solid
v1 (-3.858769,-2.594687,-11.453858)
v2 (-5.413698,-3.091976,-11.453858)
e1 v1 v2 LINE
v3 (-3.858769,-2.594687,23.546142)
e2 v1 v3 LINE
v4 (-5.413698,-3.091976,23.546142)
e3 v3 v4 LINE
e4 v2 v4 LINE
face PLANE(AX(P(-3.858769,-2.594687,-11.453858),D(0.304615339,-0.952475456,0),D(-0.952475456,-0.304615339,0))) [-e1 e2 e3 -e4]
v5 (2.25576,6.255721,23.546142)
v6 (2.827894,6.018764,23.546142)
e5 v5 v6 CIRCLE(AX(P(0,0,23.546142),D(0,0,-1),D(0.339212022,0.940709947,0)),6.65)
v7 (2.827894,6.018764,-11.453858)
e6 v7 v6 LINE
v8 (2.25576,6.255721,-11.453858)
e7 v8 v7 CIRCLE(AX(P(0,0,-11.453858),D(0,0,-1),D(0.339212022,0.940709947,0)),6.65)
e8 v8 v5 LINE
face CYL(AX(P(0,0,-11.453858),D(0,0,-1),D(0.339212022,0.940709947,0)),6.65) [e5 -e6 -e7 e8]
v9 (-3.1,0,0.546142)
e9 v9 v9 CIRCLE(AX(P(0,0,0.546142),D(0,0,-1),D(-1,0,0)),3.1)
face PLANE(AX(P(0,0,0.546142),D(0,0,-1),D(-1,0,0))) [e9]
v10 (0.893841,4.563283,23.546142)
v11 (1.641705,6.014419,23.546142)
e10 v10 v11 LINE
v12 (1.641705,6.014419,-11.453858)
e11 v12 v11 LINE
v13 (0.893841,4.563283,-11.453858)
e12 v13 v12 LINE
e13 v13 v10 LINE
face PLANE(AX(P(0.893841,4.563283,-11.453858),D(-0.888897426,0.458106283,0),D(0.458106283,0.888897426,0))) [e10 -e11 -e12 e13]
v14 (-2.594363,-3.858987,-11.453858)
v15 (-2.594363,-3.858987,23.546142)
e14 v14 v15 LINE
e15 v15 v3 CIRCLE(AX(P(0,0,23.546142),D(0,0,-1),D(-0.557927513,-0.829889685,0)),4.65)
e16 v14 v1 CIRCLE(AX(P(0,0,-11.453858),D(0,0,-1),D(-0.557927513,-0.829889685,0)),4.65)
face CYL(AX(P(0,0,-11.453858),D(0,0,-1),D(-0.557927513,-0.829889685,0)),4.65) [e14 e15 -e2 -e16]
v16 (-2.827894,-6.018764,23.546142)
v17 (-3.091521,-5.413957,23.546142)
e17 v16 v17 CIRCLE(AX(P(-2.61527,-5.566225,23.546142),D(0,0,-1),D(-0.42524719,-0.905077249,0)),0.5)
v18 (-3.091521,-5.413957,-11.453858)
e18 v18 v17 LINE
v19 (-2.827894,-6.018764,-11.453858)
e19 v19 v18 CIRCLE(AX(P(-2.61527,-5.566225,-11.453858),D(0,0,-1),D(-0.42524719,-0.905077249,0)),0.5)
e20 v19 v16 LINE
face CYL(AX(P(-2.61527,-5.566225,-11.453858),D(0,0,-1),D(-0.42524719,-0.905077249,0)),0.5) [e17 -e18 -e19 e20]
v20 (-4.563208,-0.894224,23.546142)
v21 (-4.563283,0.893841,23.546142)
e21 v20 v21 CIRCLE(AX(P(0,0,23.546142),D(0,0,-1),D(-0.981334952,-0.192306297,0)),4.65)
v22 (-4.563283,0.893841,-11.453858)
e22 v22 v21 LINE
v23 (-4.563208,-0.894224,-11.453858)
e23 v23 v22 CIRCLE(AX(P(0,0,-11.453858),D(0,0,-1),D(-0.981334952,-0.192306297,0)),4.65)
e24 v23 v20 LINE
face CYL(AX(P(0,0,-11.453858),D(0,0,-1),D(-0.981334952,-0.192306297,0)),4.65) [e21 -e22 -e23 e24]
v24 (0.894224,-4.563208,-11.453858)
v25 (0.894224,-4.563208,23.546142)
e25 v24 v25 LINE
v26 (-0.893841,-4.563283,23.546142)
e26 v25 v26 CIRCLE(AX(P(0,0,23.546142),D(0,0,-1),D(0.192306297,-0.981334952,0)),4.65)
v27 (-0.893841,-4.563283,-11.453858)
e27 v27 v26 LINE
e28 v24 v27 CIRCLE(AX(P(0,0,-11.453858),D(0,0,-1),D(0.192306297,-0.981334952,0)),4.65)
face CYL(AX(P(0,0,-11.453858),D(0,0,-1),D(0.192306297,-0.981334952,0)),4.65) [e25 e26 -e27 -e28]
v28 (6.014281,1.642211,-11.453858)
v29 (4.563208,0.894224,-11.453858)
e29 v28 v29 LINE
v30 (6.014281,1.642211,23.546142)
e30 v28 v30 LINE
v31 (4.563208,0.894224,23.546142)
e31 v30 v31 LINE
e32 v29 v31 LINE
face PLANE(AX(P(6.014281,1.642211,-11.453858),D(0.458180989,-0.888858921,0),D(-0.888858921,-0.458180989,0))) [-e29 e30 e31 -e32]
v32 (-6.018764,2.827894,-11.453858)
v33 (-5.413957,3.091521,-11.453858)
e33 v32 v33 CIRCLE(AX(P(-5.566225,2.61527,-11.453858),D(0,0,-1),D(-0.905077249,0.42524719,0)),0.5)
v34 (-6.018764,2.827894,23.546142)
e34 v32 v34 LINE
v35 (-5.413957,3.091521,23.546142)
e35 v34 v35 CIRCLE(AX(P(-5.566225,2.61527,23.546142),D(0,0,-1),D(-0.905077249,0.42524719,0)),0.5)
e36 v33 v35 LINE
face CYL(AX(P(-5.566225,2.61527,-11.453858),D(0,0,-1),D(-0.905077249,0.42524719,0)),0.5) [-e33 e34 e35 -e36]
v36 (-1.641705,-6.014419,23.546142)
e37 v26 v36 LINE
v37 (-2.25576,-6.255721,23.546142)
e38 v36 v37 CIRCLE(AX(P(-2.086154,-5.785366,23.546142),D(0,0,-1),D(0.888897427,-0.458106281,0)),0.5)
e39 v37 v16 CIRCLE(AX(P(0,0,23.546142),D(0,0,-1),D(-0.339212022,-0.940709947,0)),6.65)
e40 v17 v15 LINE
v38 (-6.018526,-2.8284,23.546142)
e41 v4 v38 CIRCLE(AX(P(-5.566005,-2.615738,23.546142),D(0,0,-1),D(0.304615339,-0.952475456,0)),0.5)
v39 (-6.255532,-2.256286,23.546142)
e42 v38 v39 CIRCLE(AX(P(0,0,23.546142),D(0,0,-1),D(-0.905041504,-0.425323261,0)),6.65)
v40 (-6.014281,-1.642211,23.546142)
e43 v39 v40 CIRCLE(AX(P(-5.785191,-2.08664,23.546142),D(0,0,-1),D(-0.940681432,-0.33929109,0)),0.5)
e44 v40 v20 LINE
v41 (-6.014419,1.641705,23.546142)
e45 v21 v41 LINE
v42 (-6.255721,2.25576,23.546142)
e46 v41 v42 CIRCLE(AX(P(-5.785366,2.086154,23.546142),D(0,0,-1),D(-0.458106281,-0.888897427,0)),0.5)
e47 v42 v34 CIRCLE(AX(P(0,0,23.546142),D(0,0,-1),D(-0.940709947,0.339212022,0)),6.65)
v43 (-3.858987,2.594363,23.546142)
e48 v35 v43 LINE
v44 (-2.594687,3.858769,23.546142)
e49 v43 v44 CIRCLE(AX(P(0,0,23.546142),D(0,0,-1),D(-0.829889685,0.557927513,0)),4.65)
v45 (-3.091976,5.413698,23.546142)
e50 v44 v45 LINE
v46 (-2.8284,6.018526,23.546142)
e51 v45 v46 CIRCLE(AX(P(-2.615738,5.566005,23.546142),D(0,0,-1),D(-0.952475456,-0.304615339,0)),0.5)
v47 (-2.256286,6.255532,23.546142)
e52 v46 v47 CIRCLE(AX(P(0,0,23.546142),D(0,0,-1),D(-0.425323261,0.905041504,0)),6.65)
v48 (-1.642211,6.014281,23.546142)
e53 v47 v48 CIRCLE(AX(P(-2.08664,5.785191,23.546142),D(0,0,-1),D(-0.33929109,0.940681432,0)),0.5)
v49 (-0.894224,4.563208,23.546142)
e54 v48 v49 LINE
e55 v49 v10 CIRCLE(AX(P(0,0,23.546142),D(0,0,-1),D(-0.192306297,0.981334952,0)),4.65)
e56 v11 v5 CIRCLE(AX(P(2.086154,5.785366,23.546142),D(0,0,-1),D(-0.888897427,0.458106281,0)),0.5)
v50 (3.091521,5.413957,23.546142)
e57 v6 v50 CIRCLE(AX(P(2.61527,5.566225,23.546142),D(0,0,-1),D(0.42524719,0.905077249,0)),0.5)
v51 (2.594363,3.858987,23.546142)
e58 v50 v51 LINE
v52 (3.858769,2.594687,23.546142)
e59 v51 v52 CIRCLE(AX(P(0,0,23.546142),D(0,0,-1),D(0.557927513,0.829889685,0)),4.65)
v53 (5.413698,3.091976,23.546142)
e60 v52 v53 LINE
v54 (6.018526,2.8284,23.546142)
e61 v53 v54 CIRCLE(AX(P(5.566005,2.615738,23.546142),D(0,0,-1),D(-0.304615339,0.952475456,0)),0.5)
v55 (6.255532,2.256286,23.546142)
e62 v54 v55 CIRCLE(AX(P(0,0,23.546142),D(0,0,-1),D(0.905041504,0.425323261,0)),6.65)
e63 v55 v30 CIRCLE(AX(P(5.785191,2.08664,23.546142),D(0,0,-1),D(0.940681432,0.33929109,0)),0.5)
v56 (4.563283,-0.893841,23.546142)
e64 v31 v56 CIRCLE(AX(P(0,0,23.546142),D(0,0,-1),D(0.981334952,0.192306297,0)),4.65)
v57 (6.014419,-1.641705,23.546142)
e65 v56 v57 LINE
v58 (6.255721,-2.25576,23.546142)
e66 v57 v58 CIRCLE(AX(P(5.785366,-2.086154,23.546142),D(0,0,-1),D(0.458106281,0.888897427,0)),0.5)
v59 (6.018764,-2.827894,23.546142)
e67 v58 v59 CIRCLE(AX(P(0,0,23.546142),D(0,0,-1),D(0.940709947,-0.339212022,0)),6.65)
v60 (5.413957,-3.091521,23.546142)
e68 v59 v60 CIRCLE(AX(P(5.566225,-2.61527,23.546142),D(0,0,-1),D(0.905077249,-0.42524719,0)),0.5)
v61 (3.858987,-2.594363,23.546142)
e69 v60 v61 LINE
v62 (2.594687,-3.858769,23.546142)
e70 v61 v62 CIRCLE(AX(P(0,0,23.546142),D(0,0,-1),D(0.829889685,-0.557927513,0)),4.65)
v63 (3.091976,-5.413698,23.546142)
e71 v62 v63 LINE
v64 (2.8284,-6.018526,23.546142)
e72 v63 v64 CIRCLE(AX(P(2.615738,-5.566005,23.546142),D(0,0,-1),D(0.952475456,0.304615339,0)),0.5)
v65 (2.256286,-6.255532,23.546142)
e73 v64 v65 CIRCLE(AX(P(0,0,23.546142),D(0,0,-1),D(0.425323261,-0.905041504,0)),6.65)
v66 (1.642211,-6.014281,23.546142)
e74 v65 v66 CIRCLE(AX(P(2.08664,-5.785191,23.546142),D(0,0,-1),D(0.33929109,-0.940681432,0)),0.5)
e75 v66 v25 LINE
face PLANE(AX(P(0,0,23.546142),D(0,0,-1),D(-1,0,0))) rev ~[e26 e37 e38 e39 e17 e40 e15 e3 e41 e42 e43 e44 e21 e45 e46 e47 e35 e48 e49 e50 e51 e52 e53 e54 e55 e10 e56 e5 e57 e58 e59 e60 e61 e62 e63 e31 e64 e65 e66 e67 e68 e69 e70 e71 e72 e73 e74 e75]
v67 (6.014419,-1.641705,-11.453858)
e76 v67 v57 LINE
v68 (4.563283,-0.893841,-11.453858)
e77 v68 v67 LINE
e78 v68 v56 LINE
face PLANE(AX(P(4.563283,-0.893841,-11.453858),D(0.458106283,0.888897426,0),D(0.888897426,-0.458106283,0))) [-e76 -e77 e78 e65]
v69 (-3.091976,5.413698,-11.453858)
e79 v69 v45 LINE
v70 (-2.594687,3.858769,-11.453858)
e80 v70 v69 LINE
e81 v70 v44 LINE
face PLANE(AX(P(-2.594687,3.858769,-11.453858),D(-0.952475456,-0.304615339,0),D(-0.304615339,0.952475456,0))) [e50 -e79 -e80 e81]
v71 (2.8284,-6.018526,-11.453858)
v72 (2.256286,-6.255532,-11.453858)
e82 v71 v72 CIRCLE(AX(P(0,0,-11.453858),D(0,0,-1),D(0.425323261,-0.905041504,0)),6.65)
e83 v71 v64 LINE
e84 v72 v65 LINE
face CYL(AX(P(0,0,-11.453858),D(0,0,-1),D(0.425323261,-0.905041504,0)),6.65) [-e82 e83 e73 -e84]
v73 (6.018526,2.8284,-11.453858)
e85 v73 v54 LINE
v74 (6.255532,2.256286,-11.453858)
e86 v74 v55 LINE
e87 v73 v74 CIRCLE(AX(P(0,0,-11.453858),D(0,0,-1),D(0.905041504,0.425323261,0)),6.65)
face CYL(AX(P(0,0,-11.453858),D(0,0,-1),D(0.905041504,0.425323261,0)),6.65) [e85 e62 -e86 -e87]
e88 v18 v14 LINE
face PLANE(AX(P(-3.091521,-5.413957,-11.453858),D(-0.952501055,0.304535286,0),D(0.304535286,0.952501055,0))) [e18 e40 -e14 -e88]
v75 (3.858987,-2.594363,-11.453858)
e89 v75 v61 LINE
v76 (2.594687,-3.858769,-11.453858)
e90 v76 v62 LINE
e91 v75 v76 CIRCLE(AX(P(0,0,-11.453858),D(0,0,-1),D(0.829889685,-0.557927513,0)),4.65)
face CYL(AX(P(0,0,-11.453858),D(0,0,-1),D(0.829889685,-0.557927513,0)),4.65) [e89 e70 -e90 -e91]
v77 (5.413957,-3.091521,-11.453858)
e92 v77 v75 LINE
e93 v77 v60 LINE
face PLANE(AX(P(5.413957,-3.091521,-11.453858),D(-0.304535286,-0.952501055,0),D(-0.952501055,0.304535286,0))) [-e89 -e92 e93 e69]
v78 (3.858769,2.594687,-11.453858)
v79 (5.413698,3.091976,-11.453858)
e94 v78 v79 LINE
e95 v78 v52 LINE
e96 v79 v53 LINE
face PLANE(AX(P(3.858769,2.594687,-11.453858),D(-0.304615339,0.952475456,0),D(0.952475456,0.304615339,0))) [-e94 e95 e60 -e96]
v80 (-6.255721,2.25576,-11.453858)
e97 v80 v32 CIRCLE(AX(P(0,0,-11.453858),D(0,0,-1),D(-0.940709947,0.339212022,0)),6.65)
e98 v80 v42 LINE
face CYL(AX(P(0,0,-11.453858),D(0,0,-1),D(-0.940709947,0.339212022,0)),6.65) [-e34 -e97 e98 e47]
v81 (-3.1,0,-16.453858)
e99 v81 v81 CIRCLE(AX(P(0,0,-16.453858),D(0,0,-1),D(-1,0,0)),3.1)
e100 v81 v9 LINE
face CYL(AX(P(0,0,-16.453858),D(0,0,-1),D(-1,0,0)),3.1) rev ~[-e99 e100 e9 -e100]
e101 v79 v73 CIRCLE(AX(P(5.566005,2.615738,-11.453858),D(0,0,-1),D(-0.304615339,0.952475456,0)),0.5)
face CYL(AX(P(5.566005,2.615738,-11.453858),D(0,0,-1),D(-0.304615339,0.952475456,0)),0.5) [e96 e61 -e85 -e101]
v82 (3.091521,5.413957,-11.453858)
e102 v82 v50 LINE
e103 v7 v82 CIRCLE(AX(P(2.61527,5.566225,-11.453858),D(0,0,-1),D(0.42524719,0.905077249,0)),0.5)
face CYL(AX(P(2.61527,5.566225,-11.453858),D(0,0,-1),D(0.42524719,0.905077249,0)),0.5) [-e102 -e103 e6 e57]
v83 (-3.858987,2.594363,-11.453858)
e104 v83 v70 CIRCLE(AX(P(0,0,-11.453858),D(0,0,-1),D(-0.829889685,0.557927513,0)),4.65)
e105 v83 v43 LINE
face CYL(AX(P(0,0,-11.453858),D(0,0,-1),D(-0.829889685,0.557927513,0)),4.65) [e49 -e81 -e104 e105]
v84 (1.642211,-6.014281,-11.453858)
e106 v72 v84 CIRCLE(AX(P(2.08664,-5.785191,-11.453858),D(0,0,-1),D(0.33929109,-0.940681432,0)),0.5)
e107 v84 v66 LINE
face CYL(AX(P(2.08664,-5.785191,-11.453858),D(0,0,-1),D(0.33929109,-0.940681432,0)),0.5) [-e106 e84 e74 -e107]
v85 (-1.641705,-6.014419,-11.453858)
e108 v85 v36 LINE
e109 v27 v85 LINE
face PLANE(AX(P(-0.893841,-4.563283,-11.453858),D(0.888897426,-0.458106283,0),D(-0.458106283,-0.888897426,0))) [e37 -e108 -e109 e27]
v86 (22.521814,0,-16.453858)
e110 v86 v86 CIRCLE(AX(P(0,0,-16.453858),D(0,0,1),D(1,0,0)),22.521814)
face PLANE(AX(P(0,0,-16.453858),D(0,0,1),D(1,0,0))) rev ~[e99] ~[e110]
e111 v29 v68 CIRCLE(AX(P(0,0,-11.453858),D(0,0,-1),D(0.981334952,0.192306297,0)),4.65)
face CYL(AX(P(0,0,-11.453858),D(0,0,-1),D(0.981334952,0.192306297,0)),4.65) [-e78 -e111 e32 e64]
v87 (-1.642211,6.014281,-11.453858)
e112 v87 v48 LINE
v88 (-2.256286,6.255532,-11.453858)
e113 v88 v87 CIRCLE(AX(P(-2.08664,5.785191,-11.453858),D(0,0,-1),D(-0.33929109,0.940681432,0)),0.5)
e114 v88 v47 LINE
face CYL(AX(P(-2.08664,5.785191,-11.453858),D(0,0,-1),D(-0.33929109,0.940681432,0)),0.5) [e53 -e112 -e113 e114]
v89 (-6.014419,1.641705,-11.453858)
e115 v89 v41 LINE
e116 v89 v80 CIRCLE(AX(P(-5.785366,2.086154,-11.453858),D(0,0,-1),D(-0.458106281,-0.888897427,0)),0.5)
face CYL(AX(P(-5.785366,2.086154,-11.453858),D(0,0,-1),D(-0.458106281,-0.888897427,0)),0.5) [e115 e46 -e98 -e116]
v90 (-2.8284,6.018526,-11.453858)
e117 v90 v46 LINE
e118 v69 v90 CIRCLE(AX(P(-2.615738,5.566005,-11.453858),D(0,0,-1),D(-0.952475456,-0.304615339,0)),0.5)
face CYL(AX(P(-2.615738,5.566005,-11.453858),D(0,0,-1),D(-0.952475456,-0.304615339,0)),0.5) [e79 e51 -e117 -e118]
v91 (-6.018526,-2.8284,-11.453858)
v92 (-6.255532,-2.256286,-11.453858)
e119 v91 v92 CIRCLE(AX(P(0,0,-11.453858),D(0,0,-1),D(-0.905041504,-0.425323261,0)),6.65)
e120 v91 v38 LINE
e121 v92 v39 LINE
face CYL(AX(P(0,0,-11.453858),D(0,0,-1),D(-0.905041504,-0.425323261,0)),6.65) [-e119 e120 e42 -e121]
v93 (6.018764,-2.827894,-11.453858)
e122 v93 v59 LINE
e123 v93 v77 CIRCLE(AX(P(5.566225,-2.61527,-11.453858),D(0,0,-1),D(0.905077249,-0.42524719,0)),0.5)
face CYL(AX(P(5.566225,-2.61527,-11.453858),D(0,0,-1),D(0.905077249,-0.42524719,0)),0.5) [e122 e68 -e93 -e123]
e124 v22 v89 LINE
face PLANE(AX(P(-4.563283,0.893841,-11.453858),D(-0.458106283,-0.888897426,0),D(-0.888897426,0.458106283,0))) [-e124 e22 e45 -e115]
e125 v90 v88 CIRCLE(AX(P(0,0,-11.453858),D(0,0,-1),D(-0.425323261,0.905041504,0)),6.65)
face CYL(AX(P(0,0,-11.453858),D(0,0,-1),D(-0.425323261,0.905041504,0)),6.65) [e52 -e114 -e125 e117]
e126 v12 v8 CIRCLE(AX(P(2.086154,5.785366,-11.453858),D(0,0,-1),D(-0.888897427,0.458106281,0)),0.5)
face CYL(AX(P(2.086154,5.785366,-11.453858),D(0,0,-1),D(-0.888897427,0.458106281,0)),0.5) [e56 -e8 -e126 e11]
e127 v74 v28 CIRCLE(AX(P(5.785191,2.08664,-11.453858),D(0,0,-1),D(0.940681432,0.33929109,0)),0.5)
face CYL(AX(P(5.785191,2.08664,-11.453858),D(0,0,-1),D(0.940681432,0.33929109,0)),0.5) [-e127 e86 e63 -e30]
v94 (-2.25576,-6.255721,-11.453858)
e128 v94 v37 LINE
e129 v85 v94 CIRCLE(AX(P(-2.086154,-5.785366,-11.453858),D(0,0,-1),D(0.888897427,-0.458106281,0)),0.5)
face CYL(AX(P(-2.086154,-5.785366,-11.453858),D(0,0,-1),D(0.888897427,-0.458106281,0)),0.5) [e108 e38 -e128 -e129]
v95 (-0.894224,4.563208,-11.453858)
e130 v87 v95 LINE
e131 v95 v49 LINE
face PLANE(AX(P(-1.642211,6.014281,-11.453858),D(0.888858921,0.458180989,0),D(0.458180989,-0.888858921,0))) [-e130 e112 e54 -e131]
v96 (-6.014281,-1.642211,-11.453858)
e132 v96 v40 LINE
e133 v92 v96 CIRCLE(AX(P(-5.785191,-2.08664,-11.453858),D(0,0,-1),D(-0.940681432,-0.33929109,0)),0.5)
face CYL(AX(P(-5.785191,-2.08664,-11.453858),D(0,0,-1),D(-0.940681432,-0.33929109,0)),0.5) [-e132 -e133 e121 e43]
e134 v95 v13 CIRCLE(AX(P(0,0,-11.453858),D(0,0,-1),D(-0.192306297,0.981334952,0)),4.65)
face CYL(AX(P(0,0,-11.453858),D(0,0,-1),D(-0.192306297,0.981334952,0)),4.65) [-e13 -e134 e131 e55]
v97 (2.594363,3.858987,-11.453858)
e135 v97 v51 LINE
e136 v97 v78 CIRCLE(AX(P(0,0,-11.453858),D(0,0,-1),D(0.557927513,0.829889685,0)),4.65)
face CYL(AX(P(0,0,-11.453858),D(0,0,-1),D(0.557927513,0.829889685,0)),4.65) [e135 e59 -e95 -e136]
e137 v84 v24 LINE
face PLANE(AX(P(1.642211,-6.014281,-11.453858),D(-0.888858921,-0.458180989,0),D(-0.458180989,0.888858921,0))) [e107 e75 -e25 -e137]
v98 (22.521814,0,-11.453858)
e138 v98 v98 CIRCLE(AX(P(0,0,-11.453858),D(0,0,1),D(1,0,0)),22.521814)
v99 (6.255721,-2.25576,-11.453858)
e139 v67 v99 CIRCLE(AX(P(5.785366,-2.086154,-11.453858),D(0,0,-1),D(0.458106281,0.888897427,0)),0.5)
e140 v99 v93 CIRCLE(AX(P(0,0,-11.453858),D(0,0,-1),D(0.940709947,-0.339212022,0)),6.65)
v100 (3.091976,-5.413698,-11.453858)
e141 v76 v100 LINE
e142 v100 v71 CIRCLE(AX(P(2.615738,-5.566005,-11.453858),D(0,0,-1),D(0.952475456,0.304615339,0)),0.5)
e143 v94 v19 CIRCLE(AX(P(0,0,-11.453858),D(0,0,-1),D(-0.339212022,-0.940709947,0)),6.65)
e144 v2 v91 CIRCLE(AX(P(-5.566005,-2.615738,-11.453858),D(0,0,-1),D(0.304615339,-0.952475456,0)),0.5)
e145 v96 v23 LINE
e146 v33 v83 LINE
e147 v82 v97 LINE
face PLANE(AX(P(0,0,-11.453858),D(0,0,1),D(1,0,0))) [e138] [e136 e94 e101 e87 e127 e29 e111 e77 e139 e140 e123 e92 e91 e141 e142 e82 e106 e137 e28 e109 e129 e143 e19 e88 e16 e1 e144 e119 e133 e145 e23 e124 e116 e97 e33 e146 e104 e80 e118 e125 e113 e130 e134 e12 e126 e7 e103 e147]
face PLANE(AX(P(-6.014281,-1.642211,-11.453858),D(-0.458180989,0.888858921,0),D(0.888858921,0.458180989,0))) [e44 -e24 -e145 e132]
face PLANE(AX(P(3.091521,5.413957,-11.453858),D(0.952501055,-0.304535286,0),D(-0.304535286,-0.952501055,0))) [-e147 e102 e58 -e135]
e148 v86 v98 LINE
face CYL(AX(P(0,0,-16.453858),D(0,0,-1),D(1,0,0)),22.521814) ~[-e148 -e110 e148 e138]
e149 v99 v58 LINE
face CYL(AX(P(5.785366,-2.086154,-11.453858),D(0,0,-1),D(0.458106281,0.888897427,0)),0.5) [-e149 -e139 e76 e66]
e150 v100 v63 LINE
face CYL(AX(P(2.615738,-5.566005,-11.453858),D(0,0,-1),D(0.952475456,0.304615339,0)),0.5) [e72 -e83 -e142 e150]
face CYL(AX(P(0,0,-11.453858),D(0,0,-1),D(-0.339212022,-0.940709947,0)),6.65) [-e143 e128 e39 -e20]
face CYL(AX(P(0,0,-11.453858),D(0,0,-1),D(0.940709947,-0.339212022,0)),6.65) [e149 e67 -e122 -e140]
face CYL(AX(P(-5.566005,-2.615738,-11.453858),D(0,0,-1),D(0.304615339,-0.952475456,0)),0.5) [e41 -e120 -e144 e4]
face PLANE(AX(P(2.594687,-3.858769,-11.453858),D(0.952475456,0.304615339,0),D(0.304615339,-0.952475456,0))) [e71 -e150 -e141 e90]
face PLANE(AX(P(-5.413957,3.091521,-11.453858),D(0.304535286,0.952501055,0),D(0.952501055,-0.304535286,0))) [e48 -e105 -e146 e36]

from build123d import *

# Parameters (mm, degrees)
SKETCH2_R           = 4.137132353
BOSS_EXTRUDE1_DEPTH = 40
SKETCH2_4_R         = 22.521813525
BOSS_EXTRUDE2_DEPTH = 5
BOSS_EXTRUDE3_DEPTH = 35
SKETCH6_R           = 3.1
CUT_EXTRUDE1_DEPTH  = 17


with BuildPart() as part:
    # Sketch2 → Boss-Extrude1 (new body)
    with BuildSketch(Plane.XY.offset(-16.453858319)):
        Circle(SKETCH2_R)
    extrude(amount=BOSS_EXTRUDE1_DEPTH)

    # Sketch2<4> → Boss-Extrude2 (add)
    with BuildSketch(Plane.XY.offset(-16.453858319)):
        Circle(SKETCH2_4_R)
    extrude(amount=BOSS_EXTRUDE2_DEPTH)

    # Sketch5 → Boss-Extrude3 (add)
    with BuildSketch(Plane.XY.offset(-11.453858319)):
        with BuildLine():
            Line((3.09152076, 5.413957434), (2.594362934, 3.858987039))
            ThreePointArc((2.594362934, 3.858987039), (3.287908356, 3.288184703), (3.85876898, 2.594687257))
            Line((3.85876898, 2.594687257), (5.413697585, 3.091975771))
            ThreePointArc((5.413697585, 3.091975771), (5.765755257, 3.074104639), (6.018526007, 2.828399672))
            ThreePointArc((6.018526007, 2.828399672), (6.143691944, 2.545103004), (6.25553153, 2.256285725))
            ThreePointArc((6.25553153, 2.256285725), (6.250564892, 1.903809747), (6.014281308, 1.642210721))
            Line((6.014281308, 1.642210721), (4.563207527, 0.894224281))
            ThreePointArc((4.563207527, 0.894224281), (4.649999996, 0.000195407), (4.563282667, -0.893840758))
            Line((4.563282667, -0.893840758), (6.014419308, -1.641705239))
            ThreePointArc((6.014419308, -1.641705239), (6.250724877, -1.903284405), (6.25572114, -2.255759964))
            ThreePointArc((6.25572114, -2.255759964), (6.143905828, -2.544586642), (6.018763701, -2.827893829))
            ThreePointArc((6.018763701, -2.827893829), (5.766013604, -3.073620039), (5.413957434, -3.09152076))
            Line((5.413957434, -3.09152076), (3.858987039, -2.594362934))
            ThreePointArc((3.858987039, -2.594362934), (3.288184703, -3.287908356), (2.594687257, -3.85876898))
            Line((2.594687257, -3.85876898), (3.091975771, -5.413697585))
            ThreePointArc((3.091975771, -5.413697585), (3.074104639, -5.765755257), (2.828399672, -6.018526007))
            ThreePointArc((2.828399672, -6.018526007), (2.545103004, -6.143691944), (2.256285725, -6.25553153))
            ThreePointArc((2.256285725, -6.25553153), (1.903809747, -6.250564892), (1.642210721, -6.014281308))
            Line((1.642210721, -6.014281308), (0.894224281, -4.563207527))
            ThreePointArc((0.894224281, -4.563207527), (0.000195407, -4.649999996), (-0.893840758, -4.563282667))
            Line((-0.893840758, -4.563282667), (-1.641705239, -6.014419308))
            ThreePointArc((-1.641705239, -6.014419308), (-1.903284405, -6.250724877), (-2.255759964, -6.25572114))
            ThreePointArc((-2.255759964, -6.25572114), (-2.544586642, -6.143905828), (-2.827893829, -6.018763701))
            ThreePointArc((-2.827893829, -6.018763701), (-3.073620039, -5.766013604), (-3.09152076, -5.413957434))
            Line((-3.09152076, -5.413957434), (-2.594362934, -3.858987039))
            ThreePointArc((-2.594362934, -3.858987039), (-3.287908356, -3.288184703), (-3.85876898, -2.594687257))
            Line((-3.85876898, -2.594687257), (-5.413697585, -3.091975771))
            ThreePointArc((-5.413697585, -3.091975771), (-5.765755257, -3.074104639), (-6.018526007, -2.828399672))
            ThreePointArc((-6.018526007, -2.828399672), (-6.143691944, -2.545103004), (-6.25553153, -2.256285725))
            ThreePointArc((-6.25553153, -2.256285725), (-6.250564892, -1.903809747), (-6.014281308, -1.642210721))
            Line((-6.014281308, -1.642210721), (-4.563207527, -0.894224281))
            ThreePointArc((-4.563207527, -0.894224281), (-4.649999996, -0.000195407), (-4.563282667, 0.893840758))
            Line((-4.563282667, 0.893840758), (-6.014419308, 1.641705239))
            ThreePointArc((-6.014419308, 1.641705239), (-6.250724877, 1.903284405), (-6.25572114, 2.255759964))
            ThreePointArc((-6.25572114, 2.255759964), (-6.143905828, 2.544586642), (-6.018763701, 2.827893829))
            ThreePointArc((-6.018763701, 2.827893829), (-5.766013604, 3.073620039), (-5.413957434, 3.09152076))
            Line((-5.413957434, 3.09152076), (-3.858987039, 2.594362934))
            ThreePointArc((-3.858987039, 2.594362934), (-3.288184703, 3.287908356), (-2.594687257, 3.85876898))
            Line((-2.594687257, 3.85876898), (-3.091975771, 5.413697585))
            ThreePointArc((-3.091975771, 5.413697585), (-3.074104639, 5.765755257), (-2.828399672, 6.018526007))
            ThreePointArc((-2.828399672, 6.018526007), (-2.545103004, 6.143691944), (-2.256285725, 6.25553153))
            ThreePointArc((-2.256285725, 6.25553153), (-1.903809747, 6.250564892), (-1.642210721, 6.014281308))
            Line((-1.642210721, 6.014281308), (-0.894224281, 4.563207527))
            ThreePointArc((-0.894224281, 4.563207527), (-0.000195407, 4.649999996), (0.893840758, 4.563282667))
            Line((0.893840758, 4.563282667), (1.641705239, 6.014419308))
            ThreePointArc((1.641705239, 6.014419308), (1.903284405, 6.250724877), (2.255759964, 6.25572114))
            ThreePointArc((2.255759964, 6.25572114), (2.544586642, 6.143905828), (2.827893829, 6.018763701))
            ThreePointArc((2.827893829, 6.018763701), (3.073620039, 5.766013604), (3.09152076, 5.413957434))
        make_face()
    extrude(amount=BOSS_EXTRUDE3_DEPTH)

    # Sketch6 → Cut-Extrude1 (cut)
    with BuildSketch(Plane(origin=(0, 0, -16.453858319), x_dir=(-1, 0, 0), z_dir=(0, 0, -1))):
        Circle(SKETCH6_R)
    extrude(amount=-CUT_EXTRUDE1_DEPTH, mode=Mode.SUBTRACT)


solid = part.part
